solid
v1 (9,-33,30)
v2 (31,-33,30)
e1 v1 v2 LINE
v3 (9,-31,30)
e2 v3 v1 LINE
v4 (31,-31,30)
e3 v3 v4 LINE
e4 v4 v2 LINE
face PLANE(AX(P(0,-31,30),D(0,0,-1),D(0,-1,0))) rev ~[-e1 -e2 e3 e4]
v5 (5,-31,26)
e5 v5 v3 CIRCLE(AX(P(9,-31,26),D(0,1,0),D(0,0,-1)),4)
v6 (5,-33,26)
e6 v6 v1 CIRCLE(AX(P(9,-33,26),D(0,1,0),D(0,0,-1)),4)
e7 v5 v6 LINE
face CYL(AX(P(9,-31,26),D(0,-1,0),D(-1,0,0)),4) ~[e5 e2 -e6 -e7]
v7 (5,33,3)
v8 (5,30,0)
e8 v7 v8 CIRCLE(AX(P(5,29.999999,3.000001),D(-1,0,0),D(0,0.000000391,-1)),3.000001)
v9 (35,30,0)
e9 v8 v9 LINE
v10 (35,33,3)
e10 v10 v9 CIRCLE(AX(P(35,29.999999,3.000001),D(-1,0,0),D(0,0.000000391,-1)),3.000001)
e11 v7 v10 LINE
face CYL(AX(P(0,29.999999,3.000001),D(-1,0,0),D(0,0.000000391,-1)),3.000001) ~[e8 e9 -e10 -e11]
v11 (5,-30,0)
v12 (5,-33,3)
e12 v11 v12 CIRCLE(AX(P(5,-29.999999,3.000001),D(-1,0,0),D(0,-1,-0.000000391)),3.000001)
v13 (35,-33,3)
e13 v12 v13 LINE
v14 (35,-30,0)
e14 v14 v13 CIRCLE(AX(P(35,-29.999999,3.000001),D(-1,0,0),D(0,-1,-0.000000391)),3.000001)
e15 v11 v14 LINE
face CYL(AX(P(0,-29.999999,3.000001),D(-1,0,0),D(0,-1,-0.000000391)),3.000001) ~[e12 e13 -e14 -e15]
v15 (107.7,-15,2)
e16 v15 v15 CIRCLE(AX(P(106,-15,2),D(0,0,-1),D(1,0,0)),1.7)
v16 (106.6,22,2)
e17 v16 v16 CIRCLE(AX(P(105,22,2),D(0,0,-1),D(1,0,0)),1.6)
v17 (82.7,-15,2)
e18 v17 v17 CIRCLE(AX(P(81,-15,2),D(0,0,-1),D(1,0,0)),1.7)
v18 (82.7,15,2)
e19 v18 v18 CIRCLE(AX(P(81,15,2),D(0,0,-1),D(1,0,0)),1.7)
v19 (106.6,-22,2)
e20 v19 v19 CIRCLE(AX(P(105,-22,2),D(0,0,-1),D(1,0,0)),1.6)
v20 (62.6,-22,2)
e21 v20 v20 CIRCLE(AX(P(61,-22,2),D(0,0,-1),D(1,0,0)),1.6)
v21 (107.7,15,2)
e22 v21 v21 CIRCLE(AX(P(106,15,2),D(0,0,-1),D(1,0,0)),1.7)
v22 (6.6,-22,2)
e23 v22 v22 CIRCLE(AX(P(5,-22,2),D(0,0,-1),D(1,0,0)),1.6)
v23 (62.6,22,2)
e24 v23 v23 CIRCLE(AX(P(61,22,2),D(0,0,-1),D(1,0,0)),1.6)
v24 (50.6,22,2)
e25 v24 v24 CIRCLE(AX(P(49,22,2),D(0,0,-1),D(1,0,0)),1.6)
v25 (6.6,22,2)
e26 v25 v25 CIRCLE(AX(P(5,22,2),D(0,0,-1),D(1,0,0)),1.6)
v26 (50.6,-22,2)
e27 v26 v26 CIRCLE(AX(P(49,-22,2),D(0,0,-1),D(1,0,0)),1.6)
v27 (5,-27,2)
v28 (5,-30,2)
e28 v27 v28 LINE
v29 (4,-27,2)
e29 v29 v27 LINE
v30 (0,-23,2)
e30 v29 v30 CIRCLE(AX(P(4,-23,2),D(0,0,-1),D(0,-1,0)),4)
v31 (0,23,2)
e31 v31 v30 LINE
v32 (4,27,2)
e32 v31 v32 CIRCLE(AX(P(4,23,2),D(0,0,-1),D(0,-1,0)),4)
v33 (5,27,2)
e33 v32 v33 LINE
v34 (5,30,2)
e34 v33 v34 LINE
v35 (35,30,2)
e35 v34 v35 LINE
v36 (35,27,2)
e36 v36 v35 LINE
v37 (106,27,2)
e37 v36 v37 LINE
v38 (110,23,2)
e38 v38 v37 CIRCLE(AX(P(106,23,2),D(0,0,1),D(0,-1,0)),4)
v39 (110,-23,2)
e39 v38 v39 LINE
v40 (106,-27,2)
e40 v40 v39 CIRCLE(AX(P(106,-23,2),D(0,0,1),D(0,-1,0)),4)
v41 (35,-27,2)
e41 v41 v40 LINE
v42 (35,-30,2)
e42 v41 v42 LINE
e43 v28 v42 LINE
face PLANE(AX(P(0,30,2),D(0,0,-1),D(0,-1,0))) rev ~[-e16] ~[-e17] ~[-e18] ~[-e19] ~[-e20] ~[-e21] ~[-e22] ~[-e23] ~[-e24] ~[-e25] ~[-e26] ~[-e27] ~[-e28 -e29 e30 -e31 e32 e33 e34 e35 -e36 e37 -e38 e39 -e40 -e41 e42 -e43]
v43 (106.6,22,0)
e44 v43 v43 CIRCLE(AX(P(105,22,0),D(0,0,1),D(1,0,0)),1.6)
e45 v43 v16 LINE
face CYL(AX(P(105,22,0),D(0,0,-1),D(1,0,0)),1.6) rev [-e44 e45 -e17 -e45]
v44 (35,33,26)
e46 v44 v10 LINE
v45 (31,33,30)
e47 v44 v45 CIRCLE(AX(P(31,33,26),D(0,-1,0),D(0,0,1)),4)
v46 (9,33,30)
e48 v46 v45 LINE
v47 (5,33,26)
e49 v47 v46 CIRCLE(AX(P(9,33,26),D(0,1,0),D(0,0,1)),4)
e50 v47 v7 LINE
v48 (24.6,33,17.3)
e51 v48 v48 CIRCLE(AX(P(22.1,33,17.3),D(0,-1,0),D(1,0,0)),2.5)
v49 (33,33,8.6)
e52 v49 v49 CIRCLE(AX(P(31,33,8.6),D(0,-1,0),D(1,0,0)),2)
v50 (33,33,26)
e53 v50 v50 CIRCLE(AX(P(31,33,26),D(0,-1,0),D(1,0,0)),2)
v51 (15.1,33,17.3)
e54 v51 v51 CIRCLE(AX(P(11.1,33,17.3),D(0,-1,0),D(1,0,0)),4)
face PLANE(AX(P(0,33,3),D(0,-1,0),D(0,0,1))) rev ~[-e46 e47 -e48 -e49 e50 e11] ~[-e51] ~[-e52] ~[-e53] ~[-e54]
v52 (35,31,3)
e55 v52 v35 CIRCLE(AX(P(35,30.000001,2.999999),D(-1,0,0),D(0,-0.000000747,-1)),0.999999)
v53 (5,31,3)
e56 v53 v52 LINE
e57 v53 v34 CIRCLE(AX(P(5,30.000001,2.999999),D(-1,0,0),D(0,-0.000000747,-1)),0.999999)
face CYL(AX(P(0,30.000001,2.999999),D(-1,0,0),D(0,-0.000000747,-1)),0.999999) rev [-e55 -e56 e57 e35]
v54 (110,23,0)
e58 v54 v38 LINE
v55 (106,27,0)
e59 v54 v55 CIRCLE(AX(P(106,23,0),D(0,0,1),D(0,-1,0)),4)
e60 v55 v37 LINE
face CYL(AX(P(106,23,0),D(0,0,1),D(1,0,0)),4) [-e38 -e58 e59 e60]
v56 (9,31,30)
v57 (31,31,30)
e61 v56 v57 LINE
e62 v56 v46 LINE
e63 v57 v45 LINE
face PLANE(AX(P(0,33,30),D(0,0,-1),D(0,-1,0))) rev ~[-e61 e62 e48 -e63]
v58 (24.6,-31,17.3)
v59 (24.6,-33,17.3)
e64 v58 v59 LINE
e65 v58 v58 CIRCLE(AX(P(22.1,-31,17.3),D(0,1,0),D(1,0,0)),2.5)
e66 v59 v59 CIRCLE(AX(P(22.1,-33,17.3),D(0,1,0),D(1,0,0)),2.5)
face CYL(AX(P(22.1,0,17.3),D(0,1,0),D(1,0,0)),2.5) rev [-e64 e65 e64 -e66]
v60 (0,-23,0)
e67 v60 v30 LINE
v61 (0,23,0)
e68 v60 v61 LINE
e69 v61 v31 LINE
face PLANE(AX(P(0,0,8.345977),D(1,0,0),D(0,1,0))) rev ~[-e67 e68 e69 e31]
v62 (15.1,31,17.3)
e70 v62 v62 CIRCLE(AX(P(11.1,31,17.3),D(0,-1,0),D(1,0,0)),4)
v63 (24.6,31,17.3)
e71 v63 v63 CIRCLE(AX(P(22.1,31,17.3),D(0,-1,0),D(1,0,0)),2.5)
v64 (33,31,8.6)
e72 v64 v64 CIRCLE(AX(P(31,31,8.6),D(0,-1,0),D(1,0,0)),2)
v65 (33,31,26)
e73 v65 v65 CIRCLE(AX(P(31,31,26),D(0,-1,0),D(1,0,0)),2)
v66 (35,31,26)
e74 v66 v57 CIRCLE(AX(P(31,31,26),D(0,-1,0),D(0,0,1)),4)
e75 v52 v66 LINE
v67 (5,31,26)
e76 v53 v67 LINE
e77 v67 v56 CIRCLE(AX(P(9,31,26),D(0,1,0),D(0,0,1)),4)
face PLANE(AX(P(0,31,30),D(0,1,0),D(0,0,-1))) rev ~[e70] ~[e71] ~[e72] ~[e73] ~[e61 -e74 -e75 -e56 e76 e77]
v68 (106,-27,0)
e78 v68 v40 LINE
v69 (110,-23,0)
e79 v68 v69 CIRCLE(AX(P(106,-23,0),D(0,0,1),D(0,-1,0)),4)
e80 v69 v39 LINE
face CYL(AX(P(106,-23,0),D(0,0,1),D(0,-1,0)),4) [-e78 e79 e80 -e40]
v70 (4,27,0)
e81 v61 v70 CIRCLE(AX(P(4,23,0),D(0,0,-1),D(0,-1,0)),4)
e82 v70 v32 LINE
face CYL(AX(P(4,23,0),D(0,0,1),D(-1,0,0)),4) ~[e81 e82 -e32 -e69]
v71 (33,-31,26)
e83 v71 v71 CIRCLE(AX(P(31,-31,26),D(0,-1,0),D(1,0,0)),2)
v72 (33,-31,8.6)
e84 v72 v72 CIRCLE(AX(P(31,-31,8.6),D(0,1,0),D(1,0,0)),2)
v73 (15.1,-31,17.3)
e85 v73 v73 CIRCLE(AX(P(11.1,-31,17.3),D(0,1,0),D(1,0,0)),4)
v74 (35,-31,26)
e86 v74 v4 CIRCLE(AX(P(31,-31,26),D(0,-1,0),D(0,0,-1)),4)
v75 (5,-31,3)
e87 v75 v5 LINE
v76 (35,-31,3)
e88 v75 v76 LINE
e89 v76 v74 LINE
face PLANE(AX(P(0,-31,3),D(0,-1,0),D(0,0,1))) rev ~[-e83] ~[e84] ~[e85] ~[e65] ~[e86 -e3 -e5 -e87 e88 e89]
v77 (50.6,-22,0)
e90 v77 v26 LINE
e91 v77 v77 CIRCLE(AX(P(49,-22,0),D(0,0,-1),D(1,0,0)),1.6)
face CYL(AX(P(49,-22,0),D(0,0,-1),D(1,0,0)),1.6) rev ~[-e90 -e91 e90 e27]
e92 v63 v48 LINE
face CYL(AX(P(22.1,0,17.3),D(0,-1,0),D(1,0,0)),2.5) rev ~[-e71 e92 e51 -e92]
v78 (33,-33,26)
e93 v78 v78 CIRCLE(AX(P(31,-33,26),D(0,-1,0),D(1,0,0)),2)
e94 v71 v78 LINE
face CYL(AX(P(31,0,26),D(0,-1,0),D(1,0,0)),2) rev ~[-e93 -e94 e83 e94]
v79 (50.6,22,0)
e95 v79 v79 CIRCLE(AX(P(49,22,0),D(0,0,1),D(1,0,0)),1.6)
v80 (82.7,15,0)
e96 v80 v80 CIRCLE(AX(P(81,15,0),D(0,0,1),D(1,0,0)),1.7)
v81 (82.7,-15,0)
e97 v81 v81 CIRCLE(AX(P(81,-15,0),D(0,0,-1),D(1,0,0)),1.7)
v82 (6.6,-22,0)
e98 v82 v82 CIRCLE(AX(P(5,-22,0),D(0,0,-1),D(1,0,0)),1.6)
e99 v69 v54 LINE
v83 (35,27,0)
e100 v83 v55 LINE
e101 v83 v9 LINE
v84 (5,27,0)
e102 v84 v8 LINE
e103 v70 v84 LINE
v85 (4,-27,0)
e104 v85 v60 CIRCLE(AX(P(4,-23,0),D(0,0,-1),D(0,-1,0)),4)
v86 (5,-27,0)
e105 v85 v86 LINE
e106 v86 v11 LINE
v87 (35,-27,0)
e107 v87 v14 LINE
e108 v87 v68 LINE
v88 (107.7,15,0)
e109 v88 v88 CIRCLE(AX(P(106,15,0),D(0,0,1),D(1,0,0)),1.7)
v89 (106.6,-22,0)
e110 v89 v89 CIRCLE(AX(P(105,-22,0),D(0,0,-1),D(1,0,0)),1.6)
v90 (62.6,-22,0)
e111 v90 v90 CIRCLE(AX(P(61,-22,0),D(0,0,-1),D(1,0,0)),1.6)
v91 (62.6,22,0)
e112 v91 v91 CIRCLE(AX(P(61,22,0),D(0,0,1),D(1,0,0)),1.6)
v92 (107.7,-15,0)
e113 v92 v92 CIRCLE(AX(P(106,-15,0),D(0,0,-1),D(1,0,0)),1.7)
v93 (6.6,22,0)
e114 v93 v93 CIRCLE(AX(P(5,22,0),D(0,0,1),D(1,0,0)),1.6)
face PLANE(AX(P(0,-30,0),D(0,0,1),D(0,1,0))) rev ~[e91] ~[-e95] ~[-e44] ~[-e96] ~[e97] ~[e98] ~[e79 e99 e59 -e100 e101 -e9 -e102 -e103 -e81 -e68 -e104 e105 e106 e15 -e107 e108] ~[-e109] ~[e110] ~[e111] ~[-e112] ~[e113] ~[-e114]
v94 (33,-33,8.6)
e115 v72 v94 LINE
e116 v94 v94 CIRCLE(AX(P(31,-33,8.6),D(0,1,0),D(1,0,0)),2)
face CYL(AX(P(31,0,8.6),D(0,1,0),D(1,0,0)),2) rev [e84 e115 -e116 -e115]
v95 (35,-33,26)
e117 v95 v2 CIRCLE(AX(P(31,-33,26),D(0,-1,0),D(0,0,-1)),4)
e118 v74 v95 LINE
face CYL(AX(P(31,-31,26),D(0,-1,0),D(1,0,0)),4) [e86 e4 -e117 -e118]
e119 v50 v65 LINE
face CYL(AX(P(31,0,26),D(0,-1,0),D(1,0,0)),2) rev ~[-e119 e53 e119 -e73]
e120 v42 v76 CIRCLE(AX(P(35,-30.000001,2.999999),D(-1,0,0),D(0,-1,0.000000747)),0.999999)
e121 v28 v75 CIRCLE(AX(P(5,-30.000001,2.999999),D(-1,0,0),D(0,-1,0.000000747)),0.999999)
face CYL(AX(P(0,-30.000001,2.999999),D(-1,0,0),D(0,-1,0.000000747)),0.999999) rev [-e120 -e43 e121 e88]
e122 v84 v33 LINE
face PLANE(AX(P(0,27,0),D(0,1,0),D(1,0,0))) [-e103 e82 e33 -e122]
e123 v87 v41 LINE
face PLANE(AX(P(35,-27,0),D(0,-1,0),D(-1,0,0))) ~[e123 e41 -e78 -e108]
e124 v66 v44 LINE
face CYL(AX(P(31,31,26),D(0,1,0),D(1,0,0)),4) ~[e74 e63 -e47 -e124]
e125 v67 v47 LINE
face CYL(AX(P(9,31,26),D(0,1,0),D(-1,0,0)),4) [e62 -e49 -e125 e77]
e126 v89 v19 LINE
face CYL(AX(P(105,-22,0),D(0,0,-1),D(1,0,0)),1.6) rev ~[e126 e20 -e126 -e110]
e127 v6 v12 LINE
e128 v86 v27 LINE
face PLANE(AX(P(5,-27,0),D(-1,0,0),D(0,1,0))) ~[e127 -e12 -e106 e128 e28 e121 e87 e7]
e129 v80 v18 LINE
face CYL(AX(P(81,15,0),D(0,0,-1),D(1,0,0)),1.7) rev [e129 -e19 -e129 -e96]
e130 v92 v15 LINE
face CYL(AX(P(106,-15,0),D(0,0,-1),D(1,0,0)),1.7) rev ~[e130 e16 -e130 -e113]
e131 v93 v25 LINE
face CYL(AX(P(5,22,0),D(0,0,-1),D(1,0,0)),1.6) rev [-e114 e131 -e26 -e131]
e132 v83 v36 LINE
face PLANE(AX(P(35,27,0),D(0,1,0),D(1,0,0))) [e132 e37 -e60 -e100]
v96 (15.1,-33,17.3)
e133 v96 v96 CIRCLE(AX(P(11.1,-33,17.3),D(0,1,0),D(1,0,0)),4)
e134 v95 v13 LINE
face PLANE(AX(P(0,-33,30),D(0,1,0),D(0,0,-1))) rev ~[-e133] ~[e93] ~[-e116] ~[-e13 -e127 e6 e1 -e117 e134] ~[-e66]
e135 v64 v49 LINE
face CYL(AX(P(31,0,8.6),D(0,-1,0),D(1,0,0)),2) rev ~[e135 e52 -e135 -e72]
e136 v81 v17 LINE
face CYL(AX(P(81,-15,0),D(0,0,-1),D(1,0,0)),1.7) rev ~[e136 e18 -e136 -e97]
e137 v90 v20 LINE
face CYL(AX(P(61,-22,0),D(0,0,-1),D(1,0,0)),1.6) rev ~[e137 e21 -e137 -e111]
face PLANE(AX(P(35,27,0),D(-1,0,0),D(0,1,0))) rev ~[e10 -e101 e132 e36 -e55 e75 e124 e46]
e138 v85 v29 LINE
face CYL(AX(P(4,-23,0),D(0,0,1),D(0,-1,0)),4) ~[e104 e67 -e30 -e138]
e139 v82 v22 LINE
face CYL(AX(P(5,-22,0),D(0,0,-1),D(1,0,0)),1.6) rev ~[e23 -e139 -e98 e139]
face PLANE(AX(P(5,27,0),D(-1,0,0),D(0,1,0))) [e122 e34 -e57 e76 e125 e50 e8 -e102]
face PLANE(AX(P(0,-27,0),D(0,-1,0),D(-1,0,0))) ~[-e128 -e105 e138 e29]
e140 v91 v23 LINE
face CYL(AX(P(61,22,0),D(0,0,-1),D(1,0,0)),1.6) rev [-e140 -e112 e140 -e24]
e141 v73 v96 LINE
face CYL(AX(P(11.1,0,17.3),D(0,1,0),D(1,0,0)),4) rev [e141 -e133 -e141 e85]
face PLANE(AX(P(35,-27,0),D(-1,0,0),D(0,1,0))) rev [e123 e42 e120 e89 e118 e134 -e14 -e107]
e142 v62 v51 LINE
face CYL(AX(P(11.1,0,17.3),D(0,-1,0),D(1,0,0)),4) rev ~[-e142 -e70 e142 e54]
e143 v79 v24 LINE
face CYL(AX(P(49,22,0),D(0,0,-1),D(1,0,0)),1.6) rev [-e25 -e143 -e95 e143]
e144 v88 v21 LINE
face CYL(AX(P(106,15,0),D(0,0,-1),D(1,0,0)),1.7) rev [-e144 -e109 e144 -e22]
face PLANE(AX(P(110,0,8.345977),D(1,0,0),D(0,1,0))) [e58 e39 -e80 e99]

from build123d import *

# Parameters (mm, degrees)
SKETCH003_R      = 1.6
SKETCH003_R_2    = 1.7
EXTRUDE003_DEPTH = 10
SKETCH002_R      = 4
SKETCH002_R_2    = 2.5
SKETCH002_R_3    = 2
EXTRUDE002_DEPTH = 60
SKETCH001_W      = 79.47419
SKETCH001_H      = 9.458714
SKETCH001_W_2    = 5
EXTRUDE001_DEPTH = 40
EXTRUDE_DEPTH    = 110
FILLET_R         = 4
FILLET001_R      = 4


with BuildPart() as extrude003:
    # Sketch003 → Extrude003 (new body)
    with BuildSketch(Plane.XY):
        with Locations((5, 22)):
            Circle(SKETCH003_R)
        with Locations((49, 22)):
            Circle(SKETCH003_R)
        with Locations((61, 22)):
            Circle(SKETCH003_R)
        with Locations((105, 22)):
            Circle(SKETCH003_R)
        with Locations((81, 15)):
            Circle(SKETCH003_R_2)
        with Locations((106, 15)):
            Circle(SKETCH003_R_2)
    extrude(amount=EXTRUDE003_DEPTH)


with BuildPart() as fusion001:
    # Part__Mirroring001: instance of Extrude003
    add(extrude003.part.mirror(Plane(origin=(0, 0, 0), x_dir=(1, 0, 0), z_dir=(0, 1, 0))))

    # Fusion001: union Extrude003
    add(extrude003.part)


with BuildPart() as extrude002:
    # Sketch002 → Extrude002 (new body, symmetric)
    with BuildSketch(Plane.XZ):
        with Locations((11.1, 17.3)):
            Circle(SKETCH002_R)
        with Locations((22.1, 17.3)):
            Circle(SKETCH002_R_2)
        with Locations((31, 8.6)):
            Circle(SKETCH002_R_3)
        with Locations((31, 26)):
            Circle(SKETCH002_R_3)
    extrude(amount=EXTRUDE002_DEPTH, both=True)


with BuildPart() as extrude001:
    # Sketch001 → Extrude001 (new body)
    with BuildSketch(Plane.XY):
        with Locations((74.737095, 31.729357)):
            Rectangle(SKETCH001_W, SKETCH001_H)
        with Locations((2.5, 31.729357)):
            Rectangle(SKETCH001_W_2, SKETCH001_H)
    extrude(amount=EXTRUDE001_DEPTH)


with BuildPart() as part_mirroring:
    # Part__Mirroring: instance of Extrude001
    add(extrude001.part.mirror(Plane(origin=(0, 0, 0), x_dir=(1, 0, 0), z_dir=(0, 1, 0))))


with BuildPart() as fusion:
    # Fusion base: copy of Extrude001
    add(extrude001.part)

    # Fusion: union Part__Mirroring
    add(part_mirroring.part)


with BuildPart() as fillet001:
    # Sketch → Extrude (new body)
    with BuildSketch(Plane.YZ):
        with BuildLine():
            Line((-33, 30), (-33, 3))
            ThreePointArc((-33, 3), (-32.12132, 0.87868), (-30, 0))
            Line((-30, 0), (30, 0))
            ThreePointArc((30, 0), (32.12132, 0.87868), (33, 3))
            Line((33, 3), (33, 30))
            Line((33, 30), (31, 30))
            Line((31, 30), (31, 3))
            ThreePointArc((30, 2), (30.707107, 2.292893), (31, 3))
            Line((30, 2), (-30, 2))
            ThreePointArc((-31, 3), (-30.707107, 2.292893), (-30, 2))
            Line((-31, 3), (-31, 30))
            Line((-31, 30), (-33, 30))
        make_face()
    extrude(amount=EXTRUDE_DEPTH)

    # Cut: cut Fusion
    add(fusion.part, mode=Mode.SUBTRACT)

    # Cut001: cut Extrude002
    add(extrude002.part, mode=Mode.SUBTRACT)

    # Cut002: cut Fusion001
    add(fusion001.part, mode=Mode.SUBTRACT)

    # Fillet
    fillet_edges = [fillet001.edges().sort_by_distance(p)[0] for p in [
        (0, -27, 1),
        (110, -27, 1),
        (0, 27, 1),
        (110, 27, 1),
    ]]
    fillet(fillet_edges, radius=FILLET_R)

    # Fillet001
    fillet001_edges = [fillet001.edges().sort_by_distance(p)[0] for p in [
        (5, -32, 30),
        (35, -32, 30),
        (5, 32, 30),
        (35, 32, 30),
    ]]
    fillet(fillet001_edges, radius=FILLET001_R)


solid = fillet001.part
